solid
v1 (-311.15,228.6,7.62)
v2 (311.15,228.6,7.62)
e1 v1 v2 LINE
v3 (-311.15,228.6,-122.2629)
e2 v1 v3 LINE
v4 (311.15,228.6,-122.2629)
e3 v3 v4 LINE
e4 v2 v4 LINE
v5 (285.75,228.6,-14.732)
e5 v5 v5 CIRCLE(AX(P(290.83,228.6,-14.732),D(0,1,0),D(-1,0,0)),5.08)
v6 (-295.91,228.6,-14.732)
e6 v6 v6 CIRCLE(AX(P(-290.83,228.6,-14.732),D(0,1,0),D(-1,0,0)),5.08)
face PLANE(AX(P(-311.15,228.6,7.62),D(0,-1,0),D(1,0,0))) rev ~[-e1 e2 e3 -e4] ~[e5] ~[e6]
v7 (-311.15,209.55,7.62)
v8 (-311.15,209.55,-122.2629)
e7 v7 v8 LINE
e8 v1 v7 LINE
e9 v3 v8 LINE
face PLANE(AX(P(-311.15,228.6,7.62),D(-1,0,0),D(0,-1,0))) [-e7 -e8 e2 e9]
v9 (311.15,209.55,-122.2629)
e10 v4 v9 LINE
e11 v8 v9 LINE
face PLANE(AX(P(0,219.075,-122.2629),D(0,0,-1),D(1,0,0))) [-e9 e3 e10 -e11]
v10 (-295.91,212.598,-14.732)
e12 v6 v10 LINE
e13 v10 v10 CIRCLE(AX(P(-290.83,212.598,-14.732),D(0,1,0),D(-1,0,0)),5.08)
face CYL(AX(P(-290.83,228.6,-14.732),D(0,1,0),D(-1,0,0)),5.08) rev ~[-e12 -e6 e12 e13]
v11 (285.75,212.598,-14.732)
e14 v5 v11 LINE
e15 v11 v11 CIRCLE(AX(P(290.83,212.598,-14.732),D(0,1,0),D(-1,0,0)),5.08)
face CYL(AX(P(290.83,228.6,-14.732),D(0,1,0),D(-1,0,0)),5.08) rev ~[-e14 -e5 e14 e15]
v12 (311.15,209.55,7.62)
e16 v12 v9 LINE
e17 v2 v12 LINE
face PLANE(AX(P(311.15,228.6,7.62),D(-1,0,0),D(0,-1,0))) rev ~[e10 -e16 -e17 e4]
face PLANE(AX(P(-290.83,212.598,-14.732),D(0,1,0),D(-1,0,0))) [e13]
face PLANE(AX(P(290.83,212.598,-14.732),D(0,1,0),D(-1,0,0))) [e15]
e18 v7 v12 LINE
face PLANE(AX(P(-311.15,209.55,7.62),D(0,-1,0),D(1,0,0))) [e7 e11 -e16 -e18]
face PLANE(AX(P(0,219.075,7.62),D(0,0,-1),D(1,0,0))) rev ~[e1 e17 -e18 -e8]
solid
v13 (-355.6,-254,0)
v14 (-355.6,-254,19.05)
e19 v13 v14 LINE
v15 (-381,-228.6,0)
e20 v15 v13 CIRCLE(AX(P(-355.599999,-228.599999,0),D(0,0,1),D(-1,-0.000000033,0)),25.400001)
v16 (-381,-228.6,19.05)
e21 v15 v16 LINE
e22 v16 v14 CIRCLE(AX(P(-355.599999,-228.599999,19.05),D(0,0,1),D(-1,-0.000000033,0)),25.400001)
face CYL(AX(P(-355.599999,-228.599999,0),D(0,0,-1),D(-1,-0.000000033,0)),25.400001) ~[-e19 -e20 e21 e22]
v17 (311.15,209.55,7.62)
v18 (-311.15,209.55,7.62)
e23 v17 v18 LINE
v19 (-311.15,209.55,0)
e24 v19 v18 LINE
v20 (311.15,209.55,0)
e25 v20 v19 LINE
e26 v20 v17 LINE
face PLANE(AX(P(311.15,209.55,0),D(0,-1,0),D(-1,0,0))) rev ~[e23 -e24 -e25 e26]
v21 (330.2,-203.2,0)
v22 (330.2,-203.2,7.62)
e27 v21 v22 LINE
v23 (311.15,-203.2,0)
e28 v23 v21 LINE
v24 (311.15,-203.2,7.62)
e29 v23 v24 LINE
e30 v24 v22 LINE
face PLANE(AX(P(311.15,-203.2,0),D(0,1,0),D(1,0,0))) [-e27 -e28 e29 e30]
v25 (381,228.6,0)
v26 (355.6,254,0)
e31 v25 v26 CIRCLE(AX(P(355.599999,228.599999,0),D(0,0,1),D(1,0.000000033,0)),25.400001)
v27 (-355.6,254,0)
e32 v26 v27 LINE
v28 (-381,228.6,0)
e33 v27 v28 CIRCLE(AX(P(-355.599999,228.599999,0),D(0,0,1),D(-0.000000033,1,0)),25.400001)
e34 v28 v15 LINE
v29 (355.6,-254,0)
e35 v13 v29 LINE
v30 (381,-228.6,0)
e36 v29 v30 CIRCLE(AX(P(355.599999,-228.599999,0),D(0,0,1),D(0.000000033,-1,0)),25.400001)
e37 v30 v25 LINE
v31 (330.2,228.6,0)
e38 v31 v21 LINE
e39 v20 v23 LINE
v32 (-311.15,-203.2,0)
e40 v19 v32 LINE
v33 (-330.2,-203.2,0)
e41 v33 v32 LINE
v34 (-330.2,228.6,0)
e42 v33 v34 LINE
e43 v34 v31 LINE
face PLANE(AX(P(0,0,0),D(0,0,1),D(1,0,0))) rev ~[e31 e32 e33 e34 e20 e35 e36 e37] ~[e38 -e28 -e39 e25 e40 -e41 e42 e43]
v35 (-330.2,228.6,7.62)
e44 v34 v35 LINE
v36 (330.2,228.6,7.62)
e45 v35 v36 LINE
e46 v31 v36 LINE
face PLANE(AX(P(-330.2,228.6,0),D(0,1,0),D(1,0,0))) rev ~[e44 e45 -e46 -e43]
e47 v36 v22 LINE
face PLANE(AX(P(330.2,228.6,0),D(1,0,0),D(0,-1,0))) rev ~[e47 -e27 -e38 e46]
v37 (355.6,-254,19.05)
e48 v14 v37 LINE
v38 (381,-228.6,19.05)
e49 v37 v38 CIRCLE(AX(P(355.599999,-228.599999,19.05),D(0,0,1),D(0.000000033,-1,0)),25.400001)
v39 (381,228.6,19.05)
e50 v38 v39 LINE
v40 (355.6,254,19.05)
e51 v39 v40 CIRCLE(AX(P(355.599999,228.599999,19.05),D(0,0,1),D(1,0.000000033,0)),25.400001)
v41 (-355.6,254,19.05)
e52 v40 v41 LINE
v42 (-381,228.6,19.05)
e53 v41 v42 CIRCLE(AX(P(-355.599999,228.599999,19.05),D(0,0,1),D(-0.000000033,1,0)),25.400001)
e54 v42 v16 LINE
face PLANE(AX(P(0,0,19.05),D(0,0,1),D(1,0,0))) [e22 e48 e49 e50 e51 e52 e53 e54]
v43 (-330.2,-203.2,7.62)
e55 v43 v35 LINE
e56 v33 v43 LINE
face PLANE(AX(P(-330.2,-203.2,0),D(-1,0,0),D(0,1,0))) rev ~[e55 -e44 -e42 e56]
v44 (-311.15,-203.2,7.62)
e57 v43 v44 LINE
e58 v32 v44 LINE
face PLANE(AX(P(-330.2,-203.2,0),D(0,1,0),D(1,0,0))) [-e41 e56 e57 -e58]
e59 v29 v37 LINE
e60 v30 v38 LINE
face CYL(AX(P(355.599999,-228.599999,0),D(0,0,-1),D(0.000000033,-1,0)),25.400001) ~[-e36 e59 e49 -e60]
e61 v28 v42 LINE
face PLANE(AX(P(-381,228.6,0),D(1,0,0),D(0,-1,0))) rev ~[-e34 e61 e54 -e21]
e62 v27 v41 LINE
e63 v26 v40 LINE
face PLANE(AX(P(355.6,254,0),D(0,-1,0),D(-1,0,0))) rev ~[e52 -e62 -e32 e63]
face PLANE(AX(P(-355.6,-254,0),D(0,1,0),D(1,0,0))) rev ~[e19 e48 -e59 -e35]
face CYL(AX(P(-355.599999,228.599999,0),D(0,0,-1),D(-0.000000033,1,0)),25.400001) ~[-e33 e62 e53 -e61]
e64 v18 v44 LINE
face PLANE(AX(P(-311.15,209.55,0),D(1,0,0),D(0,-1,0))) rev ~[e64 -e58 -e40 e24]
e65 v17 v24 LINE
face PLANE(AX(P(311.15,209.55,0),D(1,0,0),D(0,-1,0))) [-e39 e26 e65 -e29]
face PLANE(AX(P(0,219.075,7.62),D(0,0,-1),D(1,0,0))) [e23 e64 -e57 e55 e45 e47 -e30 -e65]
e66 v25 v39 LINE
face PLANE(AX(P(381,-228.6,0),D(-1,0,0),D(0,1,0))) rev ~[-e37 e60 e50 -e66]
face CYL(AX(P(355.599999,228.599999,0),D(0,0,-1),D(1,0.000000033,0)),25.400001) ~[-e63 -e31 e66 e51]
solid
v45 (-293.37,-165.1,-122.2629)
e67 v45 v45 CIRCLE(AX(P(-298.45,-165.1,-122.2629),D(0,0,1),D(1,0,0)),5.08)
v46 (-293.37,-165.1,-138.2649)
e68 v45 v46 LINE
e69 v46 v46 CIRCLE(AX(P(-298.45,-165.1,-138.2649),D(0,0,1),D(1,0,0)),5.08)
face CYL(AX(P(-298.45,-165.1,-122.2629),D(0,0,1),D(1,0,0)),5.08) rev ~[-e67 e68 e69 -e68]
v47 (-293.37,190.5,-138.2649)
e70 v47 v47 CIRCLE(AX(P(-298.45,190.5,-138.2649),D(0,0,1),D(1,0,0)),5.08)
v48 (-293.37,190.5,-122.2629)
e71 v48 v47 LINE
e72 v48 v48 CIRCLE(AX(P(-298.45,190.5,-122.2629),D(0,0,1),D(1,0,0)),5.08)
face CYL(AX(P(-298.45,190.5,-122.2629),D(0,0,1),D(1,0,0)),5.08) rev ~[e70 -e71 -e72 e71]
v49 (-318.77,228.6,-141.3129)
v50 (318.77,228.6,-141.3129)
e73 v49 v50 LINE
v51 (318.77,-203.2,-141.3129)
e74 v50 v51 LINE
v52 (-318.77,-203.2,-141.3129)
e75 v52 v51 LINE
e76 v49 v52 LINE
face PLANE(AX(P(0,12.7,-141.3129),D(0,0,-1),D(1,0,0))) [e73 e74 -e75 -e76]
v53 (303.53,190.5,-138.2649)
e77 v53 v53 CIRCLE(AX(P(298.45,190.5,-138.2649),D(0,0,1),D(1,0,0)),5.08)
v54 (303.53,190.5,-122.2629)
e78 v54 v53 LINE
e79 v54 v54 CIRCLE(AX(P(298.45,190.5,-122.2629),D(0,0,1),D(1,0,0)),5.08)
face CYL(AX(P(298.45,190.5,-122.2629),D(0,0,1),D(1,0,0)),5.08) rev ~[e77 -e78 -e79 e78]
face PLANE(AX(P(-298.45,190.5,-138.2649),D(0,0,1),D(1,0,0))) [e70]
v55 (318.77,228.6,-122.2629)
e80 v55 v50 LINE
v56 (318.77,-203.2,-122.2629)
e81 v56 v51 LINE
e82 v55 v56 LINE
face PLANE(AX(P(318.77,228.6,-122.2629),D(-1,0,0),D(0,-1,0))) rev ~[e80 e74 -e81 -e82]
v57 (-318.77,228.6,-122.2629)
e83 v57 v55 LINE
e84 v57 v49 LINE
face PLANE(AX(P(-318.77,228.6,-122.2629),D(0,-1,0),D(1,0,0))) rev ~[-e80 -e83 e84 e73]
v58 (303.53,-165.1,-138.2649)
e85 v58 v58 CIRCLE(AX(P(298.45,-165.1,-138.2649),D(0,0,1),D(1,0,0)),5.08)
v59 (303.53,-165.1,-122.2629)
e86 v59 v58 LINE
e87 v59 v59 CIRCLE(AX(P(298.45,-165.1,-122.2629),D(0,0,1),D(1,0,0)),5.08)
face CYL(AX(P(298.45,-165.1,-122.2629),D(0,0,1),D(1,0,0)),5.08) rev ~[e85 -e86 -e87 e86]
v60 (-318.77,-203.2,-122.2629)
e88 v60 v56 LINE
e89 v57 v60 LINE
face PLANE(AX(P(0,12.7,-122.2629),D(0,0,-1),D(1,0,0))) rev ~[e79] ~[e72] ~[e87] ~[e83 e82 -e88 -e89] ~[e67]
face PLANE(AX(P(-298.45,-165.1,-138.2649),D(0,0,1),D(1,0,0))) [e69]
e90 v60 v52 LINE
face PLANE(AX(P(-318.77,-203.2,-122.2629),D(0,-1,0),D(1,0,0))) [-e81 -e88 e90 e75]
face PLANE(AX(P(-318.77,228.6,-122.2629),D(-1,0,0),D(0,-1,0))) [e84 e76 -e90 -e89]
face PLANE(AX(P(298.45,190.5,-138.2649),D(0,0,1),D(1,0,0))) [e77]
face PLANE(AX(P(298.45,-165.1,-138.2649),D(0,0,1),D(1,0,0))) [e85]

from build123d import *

# Parameters (mm, degrees)
F1_DEPTH  = 19.05
F2_W      = 19.05
F2_H      = 412.75
F3_DEPTH  = 7.62
F4_W      = 622.3
F4_H      = 19.05
F5_DEPTH  = 129.8829
F6_W      = 637.54
F6_H      = 431.8
F7_DEPTH  = 19.05
F8_R      = 5.08
F9_DEPTH  = 16.002
F10_R     = 5.08
F11_DEPTH = 16.002


with BuildPart() as f1:
    # F0 (on Top) → F1 (new body)
    with BuildSketch(Plane.XY):
        with BuildLine():
            Line((355.6, 254), (-355.6, 254))
            ThreePointArc((-355.6, 254), (-373.560512, 246.560512), (-381, 228.6))
            Line((-381, 228.6), (-381, -228.6))
            ThreePointArc((-381, -228.6), (-373.560512, -246.560512), (-355.6, -254))
            Line((-355.6, -254), (355.6, -254))
            ThreePointArc((355.6, -254), (373.560512, -246.560512), (381, -228.6))
            Line((381, -228.6), (381, 228.6))
            ThreePointArc((381, 228.6), (373.560512, 246.560512), (355.6, 254))
        make_face()
    extrude(amount=F1_DEPTH)

    # F2 (on face) → F3 (cut)
    with BuildSketch(Plane(origin=(0, 0, 0), x_dir=(1, 0, 0), z_dir=(0, 0, -1))):
        Polygon((-330.2, -228.6), (330.2, -228.6), (330.2, -209.55), (311.15, -209.55), (-311.15, -209.55), (-330.2, -209.55), align=None)
        with Locations((320.675, -3.175)):
            Rectangle(F2_W, F2_H)
        with Locations((-320.675, -3.175)):
            Rectangle(F2_W, F2_H)
    extrude(amount=-F3_DEPTH, mode=Mode.SUBTRACT)


with BuildPart() as f5:
    # F4 (on face) → F5 (new body)
    with BuildSketch(Plane(origin=(0, 0, 7.62), x_dir=(1, 0, 0), z_dir=(0, 0, -1))):
        with Locations((0, -219.075)):
            Rectangle(F4_W, F4_H)
    extrude(amount=F5_DEPTH)

    # F8 (on face) → F9 (cut)
    with BuildSketch(Plane(origin=(0, 228.6, 0), x_dir=(-1, 0, 0), z_dir=(0, 1, 0))):
        with Locations((-290.83, -14.732)):
            Circle(F8_R)
        with Locations((290.83, -14.732)):
            Circle(F8_R)
    extrude(amount=-F9_DEPTH, mode=Mode.SUBTRACT)


with BuildPart() as f7:
    # F6 (on face) → F7 (new body)
    with BuildSketch(Plane(origin=(0, 0, -122.2629), x_dir=(1, 0, 0), z_dir=(0, 0, -1))):
        with Locations((0, -12.7)):
            Rectangle(F6_W, F6_H)
    extrude(amount=F7_DEPTH)

    # F10 (on face) → F11 (cut)
    with BuildSketch(Plane.XY.offset(-122.2629)):
        with Locations((-298.45, 190.5)):
            Circle(F10_R)
        with Locations((298.45, 190.5)):
            Circle(F10_R)
        with Locations((298.45, -165.1)):
            Circle(F10_R)
        with Locations((-298.45, -165.1)):
            Circle(F10_R)
    extrude(amount=-F11_DEPTH, mode=Mode.SUBTRACT)


solid = Compound([f1.part, f5.part, f7.part])
